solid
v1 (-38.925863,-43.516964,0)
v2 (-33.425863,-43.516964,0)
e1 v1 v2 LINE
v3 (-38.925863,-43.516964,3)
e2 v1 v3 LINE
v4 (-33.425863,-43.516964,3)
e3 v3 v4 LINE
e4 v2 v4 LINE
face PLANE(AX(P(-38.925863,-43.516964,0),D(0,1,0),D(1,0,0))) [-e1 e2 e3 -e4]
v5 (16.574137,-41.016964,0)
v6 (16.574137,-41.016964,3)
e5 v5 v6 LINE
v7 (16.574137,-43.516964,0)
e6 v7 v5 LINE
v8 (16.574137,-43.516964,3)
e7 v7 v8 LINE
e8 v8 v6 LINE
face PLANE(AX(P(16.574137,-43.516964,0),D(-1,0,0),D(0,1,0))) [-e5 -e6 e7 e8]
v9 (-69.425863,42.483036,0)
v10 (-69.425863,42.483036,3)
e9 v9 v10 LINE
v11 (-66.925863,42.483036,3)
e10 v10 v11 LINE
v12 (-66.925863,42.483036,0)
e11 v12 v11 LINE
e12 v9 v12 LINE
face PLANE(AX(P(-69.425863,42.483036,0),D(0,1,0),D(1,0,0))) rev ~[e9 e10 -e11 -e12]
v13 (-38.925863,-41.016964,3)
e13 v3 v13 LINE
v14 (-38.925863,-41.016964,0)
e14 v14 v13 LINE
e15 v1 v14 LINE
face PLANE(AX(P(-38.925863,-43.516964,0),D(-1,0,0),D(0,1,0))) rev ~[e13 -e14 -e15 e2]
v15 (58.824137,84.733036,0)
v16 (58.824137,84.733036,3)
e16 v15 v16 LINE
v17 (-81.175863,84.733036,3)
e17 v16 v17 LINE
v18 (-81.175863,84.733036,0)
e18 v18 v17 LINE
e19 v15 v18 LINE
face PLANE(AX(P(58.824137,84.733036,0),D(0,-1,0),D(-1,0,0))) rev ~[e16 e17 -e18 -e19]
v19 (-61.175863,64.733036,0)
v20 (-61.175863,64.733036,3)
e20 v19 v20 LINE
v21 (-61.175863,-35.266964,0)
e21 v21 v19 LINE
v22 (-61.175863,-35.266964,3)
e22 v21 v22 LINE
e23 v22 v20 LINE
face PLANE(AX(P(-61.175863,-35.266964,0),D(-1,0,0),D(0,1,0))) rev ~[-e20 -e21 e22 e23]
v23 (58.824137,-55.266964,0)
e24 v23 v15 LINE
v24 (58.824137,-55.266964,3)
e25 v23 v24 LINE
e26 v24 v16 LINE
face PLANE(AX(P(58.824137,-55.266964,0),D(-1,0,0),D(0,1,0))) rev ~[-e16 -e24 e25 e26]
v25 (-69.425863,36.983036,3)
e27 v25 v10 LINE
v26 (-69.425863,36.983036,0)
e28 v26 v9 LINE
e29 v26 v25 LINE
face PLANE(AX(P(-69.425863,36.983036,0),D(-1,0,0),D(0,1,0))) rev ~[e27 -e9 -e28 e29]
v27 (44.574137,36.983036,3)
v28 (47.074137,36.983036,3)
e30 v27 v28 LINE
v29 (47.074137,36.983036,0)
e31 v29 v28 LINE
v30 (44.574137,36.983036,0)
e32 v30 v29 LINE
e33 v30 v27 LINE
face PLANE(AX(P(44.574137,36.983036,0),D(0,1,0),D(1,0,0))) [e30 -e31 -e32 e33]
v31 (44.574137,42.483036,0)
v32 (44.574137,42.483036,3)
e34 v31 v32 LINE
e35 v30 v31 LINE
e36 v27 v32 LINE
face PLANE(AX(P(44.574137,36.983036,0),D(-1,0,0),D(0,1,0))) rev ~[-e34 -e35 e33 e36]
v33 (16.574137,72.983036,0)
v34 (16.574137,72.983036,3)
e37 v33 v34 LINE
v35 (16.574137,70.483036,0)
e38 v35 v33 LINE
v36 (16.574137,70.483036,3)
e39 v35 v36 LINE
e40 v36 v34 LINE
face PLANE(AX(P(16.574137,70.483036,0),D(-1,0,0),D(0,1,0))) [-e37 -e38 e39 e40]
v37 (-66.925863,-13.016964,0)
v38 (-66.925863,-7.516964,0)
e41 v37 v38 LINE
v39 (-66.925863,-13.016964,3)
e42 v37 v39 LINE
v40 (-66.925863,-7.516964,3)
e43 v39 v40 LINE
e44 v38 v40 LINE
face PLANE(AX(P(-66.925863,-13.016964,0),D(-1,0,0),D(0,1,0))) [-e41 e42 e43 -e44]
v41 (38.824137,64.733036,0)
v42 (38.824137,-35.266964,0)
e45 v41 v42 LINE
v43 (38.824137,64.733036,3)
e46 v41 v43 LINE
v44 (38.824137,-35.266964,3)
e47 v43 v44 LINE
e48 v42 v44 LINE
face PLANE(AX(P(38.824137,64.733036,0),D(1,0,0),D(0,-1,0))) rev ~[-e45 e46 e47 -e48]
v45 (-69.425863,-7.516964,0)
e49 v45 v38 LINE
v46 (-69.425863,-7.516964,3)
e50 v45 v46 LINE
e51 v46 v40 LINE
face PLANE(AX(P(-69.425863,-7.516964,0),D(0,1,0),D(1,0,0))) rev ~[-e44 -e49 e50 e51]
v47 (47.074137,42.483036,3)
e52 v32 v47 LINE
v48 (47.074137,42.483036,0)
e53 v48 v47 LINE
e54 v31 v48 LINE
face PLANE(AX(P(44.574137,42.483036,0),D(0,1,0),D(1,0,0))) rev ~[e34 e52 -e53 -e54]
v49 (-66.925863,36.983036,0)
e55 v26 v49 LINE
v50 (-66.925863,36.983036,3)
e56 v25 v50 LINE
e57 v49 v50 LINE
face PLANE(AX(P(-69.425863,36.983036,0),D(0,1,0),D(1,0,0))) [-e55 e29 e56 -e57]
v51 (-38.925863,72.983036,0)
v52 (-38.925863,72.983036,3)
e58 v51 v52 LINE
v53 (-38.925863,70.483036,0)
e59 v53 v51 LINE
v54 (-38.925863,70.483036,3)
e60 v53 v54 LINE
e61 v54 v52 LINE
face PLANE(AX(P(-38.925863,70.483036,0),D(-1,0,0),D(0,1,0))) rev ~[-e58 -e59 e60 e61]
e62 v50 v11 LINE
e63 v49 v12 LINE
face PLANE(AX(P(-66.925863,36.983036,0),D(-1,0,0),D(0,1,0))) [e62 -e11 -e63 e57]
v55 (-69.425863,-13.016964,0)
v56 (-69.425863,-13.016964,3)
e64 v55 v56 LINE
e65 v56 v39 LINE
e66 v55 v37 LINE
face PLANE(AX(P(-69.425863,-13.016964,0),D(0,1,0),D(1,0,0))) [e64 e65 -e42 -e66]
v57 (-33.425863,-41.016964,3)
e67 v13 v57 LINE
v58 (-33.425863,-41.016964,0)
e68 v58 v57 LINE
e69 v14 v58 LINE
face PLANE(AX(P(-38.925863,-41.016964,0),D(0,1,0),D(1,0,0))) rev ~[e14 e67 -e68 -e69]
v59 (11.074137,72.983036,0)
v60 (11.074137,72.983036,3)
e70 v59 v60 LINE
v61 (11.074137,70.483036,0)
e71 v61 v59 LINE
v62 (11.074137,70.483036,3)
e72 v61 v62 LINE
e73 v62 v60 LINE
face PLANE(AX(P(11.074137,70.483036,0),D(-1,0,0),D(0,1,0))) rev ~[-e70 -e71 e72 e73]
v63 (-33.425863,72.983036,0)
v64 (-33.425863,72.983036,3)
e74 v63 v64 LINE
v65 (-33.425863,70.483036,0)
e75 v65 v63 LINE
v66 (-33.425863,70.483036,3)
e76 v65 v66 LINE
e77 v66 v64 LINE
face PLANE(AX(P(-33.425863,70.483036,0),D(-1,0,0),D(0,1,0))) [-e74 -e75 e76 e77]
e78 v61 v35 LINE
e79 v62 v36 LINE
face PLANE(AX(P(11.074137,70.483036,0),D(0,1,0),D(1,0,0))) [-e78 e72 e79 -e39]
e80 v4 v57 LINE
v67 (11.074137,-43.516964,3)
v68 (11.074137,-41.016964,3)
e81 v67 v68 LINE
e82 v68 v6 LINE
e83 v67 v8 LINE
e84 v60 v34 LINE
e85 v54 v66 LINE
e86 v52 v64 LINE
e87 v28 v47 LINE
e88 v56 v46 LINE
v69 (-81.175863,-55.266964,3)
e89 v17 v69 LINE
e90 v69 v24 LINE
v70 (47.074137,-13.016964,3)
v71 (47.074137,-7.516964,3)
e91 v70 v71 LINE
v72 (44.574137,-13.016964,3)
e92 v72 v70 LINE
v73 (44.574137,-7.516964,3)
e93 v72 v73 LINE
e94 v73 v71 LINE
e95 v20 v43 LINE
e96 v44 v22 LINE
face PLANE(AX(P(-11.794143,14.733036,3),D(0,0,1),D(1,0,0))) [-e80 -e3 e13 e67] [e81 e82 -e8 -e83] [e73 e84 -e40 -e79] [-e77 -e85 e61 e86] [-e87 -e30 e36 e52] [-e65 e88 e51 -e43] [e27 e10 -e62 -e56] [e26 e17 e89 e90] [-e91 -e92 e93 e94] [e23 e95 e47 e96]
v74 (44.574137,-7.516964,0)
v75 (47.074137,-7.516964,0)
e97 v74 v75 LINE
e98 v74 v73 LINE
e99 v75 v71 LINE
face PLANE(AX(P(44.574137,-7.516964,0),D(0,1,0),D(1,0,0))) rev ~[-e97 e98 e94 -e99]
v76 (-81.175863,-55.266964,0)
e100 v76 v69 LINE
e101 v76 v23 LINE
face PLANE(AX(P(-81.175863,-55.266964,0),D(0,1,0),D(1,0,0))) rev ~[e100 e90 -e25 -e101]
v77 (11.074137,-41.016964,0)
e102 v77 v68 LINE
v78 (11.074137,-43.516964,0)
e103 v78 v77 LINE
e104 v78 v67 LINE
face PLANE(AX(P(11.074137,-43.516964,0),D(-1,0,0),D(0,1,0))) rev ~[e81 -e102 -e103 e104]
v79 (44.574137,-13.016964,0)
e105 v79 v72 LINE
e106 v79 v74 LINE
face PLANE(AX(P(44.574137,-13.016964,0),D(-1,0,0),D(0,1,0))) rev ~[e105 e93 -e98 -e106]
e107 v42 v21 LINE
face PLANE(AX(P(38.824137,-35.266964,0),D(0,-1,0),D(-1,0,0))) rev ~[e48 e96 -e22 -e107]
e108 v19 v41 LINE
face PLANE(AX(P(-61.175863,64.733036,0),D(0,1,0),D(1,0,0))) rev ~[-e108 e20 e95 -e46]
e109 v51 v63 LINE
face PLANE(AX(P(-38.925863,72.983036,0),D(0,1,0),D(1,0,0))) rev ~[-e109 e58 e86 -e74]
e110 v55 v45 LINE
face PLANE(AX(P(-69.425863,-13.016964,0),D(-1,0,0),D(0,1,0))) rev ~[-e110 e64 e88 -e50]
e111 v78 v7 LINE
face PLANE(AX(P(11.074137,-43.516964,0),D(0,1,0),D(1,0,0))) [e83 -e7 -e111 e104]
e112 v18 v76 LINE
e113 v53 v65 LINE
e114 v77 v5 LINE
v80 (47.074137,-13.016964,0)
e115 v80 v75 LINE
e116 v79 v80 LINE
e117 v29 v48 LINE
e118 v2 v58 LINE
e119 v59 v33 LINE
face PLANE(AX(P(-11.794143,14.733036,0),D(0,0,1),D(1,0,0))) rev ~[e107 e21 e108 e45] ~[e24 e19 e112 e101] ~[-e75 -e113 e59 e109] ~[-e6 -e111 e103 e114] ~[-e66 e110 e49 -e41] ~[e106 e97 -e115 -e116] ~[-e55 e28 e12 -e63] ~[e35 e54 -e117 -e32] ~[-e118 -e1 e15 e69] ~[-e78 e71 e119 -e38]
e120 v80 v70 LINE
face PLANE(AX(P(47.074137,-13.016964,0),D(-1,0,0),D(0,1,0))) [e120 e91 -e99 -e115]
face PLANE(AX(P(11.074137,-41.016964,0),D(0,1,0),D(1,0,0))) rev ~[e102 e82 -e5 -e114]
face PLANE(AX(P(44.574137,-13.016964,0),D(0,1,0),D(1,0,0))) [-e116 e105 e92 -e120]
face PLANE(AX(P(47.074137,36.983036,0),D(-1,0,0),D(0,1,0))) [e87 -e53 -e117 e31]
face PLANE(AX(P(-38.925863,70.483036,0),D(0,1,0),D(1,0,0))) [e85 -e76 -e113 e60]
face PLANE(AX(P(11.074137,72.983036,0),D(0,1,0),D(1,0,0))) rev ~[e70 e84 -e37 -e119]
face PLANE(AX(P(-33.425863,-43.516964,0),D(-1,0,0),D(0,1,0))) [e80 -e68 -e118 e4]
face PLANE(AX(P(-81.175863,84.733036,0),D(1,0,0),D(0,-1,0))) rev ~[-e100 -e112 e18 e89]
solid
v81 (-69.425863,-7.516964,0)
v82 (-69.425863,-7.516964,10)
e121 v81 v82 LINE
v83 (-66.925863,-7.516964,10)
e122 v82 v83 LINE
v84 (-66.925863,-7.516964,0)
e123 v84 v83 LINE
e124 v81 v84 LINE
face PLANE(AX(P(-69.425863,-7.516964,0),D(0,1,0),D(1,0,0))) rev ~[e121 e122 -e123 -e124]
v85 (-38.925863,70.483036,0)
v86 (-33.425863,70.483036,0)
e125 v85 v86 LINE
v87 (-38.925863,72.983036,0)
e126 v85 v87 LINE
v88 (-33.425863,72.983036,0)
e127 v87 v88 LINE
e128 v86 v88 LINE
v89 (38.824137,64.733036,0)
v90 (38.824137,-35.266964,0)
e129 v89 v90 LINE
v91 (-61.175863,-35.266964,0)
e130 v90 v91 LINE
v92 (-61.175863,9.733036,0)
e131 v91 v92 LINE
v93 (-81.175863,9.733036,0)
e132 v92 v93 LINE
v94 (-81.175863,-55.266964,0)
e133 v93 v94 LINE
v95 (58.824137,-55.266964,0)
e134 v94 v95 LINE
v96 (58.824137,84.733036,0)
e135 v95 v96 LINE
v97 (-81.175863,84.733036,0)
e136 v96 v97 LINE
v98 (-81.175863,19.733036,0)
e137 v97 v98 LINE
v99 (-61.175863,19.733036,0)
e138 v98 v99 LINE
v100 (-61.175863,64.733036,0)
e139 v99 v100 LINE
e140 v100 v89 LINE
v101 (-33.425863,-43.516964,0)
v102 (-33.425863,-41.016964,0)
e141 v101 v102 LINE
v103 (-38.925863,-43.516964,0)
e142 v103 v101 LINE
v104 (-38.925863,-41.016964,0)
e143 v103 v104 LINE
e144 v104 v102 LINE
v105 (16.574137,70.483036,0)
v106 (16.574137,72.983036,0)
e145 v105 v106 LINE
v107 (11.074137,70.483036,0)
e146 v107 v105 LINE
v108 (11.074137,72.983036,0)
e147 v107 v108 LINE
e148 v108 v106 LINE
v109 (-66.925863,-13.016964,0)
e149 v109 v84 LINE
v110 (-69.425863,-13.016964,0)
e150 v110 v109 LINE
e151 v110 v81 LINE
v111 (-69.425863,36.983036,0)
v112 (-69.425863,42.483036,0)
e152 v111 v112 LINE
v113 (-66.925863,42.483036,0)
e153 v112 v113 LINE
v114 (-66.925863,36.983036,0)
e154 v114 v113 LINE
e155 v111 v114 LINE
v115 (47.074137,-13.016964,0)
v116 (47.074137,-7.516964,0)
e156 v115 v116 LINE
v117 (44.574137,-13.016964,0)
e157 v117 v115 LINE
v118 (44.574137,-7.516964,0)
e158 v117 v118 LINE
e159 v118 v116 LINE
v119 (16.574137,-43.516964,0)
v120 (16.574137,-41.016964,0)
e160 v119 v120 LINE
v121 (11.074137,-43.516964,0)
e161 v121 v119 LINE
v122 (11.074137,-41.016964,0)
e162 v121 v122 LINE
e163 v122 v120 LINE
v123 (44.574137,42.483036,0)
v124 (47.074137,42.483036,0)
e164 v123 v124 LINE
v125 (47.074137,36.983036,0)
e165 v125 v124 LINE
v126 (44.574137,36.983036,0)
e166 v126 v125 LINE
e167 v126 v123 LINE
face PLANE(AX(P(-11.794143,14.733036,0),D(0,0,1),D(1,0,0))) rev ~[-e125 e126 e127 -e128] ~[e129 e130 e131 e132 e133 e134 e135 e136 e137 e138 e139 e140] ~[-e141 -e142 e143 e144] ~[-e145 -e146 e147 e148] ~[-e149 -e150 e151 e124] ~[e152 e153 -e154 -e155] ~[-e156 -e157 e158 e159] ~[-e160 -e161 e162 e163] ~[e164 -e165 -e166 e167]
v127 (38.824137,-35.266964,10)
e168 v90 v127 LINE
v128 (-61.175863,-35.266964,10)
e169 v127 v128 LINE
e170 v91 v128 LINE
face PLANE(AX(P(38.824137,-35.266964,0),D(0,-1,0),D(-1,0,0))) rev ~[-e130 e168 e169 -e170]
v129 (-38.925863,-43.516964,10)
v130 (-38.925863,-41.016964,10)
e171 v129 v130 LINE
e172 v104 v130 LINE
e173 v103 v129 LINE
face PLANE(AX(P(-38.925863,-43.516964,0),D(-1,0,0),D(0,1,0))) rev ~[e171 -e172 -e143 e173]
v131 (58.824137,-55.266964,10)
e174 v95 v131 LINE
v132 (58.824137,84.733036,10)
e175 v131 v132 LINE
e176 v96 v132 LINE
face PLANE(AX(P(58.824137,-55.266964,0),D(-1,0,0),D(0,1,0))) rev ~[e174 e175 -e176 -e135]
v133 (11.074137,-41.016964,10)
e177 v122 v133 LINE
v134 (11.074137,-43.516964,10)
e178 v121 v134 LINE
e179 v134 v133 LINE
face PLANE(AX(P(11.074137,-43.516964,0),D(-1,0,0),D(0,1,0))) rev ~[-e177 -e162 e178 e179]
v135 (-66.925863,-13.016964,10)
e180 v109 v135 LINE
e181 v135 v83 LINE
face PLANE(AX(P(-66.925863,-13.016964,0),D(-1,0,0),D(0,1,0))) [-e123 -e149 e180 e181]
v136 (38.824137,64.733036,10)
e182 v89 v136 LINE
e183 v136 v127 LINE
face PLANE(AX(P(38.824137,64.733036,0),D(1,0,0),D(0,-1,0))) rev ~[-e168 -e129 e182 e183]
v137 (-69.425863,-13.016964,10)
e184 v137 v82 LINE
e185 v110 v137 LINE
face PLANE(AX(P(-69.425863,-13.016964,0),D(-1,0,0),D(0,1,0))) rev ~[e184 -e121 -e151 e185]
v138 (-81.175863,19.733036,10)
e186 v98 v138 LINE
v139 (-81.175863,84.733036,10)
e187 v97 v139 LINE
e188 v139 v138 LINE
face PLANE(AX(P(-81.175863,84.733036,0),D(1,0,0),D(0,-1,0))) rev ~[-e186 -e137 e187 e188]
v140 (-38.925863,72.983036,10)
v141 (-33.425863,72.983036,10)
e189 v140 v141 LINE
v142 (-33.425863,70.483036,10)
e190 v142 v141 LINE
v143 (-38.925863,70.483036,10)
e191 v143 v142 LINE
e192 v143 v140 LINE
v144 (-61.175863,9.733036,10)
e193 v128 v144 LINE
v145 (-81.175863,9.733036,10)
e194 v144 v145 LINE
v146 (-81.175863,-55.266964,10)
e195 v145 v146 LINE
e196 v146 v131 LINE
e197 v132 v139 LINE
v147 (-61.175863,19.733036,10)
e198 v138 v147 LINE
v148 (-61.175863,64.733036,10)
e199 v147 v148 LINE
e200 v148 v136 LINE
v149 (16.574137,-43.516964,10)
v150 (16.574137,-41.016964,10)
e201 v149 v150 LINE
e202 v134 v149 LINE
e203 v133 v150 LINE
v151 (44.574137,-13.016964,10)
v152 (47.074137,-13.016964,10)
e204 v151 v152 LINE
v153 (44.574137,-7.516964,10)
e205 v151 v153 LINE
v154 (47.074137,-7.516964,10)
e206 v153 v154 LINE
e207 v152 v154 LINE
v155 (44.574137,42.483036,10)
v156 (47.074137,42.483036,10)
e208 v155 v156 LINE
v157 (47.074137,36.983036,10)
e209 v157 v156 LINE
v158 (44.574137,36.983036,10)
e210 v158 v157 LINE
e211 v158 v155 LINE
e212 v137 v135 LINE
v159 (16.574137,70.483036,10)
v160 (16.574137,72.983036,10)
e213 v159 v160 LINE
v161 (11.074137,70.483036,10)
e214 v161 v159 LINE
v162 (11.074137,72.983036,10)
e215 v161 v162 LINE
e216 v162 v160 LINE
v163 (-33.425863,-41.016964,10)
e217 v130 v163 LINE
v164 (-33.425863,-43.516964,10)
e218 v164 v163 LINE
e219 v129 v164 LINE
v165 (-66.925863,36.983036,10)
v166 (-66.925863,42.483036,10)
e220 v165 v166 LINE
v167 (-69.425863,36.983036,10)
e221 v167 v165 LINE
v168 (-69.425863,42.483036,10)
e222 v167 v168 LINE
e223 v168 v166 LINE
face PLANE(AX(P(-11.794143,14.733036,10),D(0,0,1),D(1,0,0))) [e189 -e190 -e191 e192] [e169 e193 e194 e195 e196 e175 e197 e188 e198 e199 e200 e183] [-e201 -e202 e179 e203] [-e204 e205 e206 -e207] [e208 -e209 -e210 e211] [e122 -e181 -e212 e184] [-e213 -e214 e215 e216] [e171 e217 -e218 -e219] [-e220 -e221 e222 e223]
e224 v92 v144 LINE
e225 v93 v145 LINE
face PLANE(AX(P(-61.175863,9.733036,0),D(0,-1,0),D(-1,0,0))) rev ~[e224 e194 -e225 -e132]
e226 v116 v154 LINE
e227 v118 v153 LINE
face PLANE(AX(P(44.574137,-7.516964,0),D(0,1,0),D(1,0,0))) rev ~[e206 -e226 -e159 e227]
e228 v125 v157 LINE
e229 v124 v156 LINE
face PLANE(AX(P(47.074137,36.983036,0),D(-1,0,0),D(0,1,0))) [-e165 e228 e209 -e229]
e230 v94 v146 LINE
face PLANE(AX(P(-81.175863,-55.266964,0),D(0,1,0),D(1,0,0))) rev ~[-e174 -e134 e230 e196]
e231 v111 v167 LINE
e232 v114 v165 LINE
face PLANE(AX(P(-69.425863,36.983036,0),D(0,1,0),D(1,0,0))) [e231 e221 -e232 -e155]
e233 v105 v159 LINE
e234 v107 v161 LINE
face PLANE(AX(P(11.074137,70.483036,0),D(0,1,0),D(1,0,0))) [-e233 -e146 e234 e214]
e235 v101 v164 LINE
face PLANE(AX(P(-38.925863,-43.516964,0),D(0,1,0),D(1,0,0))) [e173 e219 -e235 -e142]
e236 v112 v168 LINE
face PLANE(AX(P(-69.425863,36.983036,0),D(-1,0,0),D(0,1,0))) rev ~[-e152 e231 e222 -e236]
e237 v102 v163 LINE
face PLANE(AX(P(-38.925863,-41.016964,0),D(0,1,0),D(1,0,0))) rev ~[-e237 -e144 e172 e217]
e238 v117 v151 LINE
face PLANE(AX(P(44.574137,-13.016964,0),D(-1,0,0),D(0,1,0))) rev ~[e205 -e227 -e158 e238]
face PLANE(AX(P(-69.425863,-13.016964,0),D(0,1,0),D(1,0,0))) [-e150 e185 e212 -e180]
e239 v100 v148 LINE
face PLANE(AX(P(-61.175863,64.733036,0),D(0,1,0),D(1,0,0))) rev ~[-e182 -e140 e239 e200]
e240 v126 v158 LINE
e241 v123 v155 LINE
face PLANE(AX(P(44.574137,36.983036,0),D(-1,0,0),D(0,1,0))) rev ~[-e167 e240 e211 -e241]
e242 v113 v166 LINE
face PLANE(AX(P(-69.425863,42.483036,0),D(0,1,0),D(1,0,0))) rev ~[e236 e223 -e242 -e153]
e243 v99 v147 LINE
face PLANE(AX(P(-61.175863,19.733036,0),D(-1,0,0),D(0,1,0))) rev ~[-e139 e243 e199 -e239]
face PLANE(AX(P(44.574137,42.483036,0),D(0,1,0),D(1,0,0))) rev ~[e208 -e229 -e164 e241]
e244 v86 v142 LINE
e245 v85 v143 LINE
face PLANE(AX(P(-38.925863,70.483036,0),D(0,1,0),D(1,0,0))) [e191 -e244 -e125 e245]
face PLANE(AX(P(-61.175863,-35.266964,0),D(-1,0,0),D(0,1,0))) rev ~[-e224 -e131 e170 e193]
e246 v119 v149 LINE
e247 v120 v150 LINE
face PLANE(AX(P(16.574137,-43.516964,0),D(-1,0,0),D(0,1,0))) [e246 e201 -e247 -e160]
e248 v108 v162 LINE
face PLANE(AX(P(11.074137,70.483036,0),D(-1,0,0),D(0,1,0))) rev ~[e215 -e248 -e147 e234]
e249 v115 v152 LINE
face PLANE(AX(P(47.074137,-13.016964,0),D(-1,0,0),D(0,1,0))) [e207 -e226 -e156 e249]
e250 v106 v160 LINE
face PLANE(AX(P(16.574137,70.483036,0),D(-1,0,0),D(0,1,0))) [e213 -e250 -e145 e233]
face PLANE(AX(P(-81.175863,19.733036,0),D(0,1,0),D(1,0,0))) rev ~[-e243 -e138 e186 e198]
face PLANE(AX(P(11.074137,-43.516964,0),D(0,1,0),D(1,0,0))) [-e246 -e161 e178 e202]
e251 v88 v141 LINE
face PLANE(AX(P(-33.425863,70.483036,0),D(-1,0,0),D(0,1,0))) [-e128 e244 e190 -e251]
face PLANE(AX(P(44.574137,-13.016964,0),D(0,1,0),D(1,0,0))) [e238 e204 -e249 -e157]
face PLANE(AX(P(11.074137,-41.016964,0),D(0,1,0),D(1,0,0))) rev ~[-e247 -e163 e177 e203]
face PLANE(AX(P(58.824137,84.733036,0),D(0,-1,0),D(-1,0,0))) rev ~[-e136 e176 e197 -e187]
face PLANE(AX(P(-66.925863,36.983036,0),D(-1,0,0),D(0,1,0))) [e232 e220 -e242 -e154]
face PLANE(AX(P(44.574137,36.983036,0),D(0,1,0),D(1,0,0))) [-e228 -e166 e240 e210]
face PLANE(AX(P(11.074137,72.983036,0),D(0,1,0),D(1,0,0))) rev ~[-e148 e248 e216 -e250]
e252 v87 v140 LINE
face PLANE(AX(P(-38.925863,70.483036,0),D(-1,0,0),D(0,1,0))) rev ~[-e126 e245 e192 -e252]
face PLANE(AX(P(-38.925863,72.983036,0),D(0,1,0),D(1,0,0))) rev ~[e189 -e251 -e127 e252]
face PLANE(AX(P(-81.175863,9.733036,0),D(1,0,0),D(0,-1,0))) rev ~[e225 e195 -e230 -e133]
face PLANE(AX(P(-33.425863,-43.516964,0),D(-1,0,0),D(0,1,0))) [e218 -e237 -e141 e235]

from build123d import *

# Parameters (mm, degrees)
F0_W     = 5.5
F0_H     = 2.5
F0_W_2   = 2.5
F0_H_2   = 5.5
F0_W_3   = 15
F0_H_3   = 10
F0_W_4   = 5
F1_DEPTH = 3
F2_DEPTH = 10


with BuildPart() as f1:
    # F0 (on Top) → F1 (new body)
    with BuildSketch(Plane.XY):
        Polygon((-61.175863, 19.733036), (-61.175863, 64.733036), (38.824137, 64.733036), (38.824137, -35.266964), (-61.175863, -35.266964), (-61.175863, 9.733036), (-76.175863, 9.733036), (-76.175863, -50.266964), (53.824137, -50.266964), (53.824137, 79.733036), (-76.175863, 79.733036), (-76.175863, 19.733036), align=None)
        with Locations((-36.175863, -42.266964)):
            Rectangle(F0_W, F0_H, mode=Mode.SUBTRACT)
        with Locations((-68.175863, -10.266964)):
            Rectangle(F0_W_2, F0_H_2, mode=Mode.SUBTRACT)
        with Locations((13.824137, -42.266964)):
            Rectangle(F0_W, F0_H, mode=Mode.SUBTRACT)
        with Locations((45.824137, -10.266964)):
            Rectangle(F0_W_2, F0_H_2, mode=Mode.SUBTRACT)
        with Locations((-68.175863, 39.733036)):
            Rectangle(F0_W_2, F0_H_2, mode=Mode.SUBTRACT)
        with Locations((-36.175863, 71.733036)):
            Rectangle(F0_W, F0_H, mode=Mode.SUBTRACT)
        with Locations((45.824137, 39.733036)):
            Rectangle(F0_W_2, F0_H_2, mode=Mode.SUBTRACT)
        with Locations((13.824137, 71.733036)):
            Rectangle(F0_W, F0_H, mode=Mode.SUBTRACT)
        Polygon((-81.175863, 19.733036), (-76.175863, 19.733036), (-76.175863, 79.733036), (53.824137, 79.733036), (53.824137, -50.266964), (-76.175863, -50.266964), (-76.175863, 9.733036), (-81.175863, 9.733036), (-81.175863, -55.266964), (58.824137, -55.266964), (58.824137, 84.733036), (-81.175863, 84.733036), align=None)
        with Locations((-68.675863, 14.733036)):
            Rectangle(F0_W_3, F0_H_3)
        with Locations((-78.675863, 14.733036)):
            Rectangle(F0_W_4, F0_H_3)
    extrude(amount=F1_DEPTH)


with BuildPart() as f2:
    # F0 (on Top) → F2 (new body)
    with BuildSketch(Plane.XY):
        Polygon((-61.175863, 19.733036), (-61.175863, 64.733036), (38.824137, 64.733036), (38.824137, -35.266964), (-61.175863, -35.266964), (-61.175863, 9.733036), (-76.175863, 9.733036), (-76.175863, -50.266964), (53.824137, -50.266964), (53.824137, 79.733036), (-76.175863, 79.733036), (-76.175863, 19.733036), align=None)
        with Locations((-36.175863, -42.266964)):
            Rectangle(F0_W, F0_H, mode=Mode.SUBTRACT)
        with Locations((-68.175863, -10.266964)):
            Rectangle(F0_W_2, F0_H_2, mode=Mode.SUBTRACT)
        with Locations((13.824137, -42.266964)):
            Rectangle(F0_W, F0_H, mode=Mode.SUBTRACT)
        with Locations((45.824137, -10.266964)):
            Rectangle(F0_W_2, F0_H_2, mode=Mode.SUBTRACT)
        with Locations((-68.175863, 39.733036)):
            Rectangle(F0_W_2, F0_H_2, mode=Mode.SUBTRACT)
        with Locations((-36.175863, 71.733036)):
            Rectangle(F0_W, F0_H, mode=Mode.SUBTRACT)
        with Locations((45.824137, 39.733036)):
            Rectangle(F0_W_2, F0_H_2, mode=Mode.SUBTRACT)
        with Locations((13.824137, 71.733036)):
            Rectangle(F0_W, F0_H, mode=Mode.SUBTRACT)
        Polygon((-81.175863, 19.733036), (-76.175863, 19.733036), (-76.175863, 79.733036), (53.824137, 79.733036), (53.824137, -50.266964), (-76.175863, -50.266964), (-76.175863, 9.733036), (-81.175863, 9.733036), (-81.175863, -55.266964), (58.824137, -55.266964), (58.824137, 84.733036), (-81.175863, 84.733036), align=None)
    extrude(amount=F2_DEPTH)


solid = Compound([f1.part, f2.part])
